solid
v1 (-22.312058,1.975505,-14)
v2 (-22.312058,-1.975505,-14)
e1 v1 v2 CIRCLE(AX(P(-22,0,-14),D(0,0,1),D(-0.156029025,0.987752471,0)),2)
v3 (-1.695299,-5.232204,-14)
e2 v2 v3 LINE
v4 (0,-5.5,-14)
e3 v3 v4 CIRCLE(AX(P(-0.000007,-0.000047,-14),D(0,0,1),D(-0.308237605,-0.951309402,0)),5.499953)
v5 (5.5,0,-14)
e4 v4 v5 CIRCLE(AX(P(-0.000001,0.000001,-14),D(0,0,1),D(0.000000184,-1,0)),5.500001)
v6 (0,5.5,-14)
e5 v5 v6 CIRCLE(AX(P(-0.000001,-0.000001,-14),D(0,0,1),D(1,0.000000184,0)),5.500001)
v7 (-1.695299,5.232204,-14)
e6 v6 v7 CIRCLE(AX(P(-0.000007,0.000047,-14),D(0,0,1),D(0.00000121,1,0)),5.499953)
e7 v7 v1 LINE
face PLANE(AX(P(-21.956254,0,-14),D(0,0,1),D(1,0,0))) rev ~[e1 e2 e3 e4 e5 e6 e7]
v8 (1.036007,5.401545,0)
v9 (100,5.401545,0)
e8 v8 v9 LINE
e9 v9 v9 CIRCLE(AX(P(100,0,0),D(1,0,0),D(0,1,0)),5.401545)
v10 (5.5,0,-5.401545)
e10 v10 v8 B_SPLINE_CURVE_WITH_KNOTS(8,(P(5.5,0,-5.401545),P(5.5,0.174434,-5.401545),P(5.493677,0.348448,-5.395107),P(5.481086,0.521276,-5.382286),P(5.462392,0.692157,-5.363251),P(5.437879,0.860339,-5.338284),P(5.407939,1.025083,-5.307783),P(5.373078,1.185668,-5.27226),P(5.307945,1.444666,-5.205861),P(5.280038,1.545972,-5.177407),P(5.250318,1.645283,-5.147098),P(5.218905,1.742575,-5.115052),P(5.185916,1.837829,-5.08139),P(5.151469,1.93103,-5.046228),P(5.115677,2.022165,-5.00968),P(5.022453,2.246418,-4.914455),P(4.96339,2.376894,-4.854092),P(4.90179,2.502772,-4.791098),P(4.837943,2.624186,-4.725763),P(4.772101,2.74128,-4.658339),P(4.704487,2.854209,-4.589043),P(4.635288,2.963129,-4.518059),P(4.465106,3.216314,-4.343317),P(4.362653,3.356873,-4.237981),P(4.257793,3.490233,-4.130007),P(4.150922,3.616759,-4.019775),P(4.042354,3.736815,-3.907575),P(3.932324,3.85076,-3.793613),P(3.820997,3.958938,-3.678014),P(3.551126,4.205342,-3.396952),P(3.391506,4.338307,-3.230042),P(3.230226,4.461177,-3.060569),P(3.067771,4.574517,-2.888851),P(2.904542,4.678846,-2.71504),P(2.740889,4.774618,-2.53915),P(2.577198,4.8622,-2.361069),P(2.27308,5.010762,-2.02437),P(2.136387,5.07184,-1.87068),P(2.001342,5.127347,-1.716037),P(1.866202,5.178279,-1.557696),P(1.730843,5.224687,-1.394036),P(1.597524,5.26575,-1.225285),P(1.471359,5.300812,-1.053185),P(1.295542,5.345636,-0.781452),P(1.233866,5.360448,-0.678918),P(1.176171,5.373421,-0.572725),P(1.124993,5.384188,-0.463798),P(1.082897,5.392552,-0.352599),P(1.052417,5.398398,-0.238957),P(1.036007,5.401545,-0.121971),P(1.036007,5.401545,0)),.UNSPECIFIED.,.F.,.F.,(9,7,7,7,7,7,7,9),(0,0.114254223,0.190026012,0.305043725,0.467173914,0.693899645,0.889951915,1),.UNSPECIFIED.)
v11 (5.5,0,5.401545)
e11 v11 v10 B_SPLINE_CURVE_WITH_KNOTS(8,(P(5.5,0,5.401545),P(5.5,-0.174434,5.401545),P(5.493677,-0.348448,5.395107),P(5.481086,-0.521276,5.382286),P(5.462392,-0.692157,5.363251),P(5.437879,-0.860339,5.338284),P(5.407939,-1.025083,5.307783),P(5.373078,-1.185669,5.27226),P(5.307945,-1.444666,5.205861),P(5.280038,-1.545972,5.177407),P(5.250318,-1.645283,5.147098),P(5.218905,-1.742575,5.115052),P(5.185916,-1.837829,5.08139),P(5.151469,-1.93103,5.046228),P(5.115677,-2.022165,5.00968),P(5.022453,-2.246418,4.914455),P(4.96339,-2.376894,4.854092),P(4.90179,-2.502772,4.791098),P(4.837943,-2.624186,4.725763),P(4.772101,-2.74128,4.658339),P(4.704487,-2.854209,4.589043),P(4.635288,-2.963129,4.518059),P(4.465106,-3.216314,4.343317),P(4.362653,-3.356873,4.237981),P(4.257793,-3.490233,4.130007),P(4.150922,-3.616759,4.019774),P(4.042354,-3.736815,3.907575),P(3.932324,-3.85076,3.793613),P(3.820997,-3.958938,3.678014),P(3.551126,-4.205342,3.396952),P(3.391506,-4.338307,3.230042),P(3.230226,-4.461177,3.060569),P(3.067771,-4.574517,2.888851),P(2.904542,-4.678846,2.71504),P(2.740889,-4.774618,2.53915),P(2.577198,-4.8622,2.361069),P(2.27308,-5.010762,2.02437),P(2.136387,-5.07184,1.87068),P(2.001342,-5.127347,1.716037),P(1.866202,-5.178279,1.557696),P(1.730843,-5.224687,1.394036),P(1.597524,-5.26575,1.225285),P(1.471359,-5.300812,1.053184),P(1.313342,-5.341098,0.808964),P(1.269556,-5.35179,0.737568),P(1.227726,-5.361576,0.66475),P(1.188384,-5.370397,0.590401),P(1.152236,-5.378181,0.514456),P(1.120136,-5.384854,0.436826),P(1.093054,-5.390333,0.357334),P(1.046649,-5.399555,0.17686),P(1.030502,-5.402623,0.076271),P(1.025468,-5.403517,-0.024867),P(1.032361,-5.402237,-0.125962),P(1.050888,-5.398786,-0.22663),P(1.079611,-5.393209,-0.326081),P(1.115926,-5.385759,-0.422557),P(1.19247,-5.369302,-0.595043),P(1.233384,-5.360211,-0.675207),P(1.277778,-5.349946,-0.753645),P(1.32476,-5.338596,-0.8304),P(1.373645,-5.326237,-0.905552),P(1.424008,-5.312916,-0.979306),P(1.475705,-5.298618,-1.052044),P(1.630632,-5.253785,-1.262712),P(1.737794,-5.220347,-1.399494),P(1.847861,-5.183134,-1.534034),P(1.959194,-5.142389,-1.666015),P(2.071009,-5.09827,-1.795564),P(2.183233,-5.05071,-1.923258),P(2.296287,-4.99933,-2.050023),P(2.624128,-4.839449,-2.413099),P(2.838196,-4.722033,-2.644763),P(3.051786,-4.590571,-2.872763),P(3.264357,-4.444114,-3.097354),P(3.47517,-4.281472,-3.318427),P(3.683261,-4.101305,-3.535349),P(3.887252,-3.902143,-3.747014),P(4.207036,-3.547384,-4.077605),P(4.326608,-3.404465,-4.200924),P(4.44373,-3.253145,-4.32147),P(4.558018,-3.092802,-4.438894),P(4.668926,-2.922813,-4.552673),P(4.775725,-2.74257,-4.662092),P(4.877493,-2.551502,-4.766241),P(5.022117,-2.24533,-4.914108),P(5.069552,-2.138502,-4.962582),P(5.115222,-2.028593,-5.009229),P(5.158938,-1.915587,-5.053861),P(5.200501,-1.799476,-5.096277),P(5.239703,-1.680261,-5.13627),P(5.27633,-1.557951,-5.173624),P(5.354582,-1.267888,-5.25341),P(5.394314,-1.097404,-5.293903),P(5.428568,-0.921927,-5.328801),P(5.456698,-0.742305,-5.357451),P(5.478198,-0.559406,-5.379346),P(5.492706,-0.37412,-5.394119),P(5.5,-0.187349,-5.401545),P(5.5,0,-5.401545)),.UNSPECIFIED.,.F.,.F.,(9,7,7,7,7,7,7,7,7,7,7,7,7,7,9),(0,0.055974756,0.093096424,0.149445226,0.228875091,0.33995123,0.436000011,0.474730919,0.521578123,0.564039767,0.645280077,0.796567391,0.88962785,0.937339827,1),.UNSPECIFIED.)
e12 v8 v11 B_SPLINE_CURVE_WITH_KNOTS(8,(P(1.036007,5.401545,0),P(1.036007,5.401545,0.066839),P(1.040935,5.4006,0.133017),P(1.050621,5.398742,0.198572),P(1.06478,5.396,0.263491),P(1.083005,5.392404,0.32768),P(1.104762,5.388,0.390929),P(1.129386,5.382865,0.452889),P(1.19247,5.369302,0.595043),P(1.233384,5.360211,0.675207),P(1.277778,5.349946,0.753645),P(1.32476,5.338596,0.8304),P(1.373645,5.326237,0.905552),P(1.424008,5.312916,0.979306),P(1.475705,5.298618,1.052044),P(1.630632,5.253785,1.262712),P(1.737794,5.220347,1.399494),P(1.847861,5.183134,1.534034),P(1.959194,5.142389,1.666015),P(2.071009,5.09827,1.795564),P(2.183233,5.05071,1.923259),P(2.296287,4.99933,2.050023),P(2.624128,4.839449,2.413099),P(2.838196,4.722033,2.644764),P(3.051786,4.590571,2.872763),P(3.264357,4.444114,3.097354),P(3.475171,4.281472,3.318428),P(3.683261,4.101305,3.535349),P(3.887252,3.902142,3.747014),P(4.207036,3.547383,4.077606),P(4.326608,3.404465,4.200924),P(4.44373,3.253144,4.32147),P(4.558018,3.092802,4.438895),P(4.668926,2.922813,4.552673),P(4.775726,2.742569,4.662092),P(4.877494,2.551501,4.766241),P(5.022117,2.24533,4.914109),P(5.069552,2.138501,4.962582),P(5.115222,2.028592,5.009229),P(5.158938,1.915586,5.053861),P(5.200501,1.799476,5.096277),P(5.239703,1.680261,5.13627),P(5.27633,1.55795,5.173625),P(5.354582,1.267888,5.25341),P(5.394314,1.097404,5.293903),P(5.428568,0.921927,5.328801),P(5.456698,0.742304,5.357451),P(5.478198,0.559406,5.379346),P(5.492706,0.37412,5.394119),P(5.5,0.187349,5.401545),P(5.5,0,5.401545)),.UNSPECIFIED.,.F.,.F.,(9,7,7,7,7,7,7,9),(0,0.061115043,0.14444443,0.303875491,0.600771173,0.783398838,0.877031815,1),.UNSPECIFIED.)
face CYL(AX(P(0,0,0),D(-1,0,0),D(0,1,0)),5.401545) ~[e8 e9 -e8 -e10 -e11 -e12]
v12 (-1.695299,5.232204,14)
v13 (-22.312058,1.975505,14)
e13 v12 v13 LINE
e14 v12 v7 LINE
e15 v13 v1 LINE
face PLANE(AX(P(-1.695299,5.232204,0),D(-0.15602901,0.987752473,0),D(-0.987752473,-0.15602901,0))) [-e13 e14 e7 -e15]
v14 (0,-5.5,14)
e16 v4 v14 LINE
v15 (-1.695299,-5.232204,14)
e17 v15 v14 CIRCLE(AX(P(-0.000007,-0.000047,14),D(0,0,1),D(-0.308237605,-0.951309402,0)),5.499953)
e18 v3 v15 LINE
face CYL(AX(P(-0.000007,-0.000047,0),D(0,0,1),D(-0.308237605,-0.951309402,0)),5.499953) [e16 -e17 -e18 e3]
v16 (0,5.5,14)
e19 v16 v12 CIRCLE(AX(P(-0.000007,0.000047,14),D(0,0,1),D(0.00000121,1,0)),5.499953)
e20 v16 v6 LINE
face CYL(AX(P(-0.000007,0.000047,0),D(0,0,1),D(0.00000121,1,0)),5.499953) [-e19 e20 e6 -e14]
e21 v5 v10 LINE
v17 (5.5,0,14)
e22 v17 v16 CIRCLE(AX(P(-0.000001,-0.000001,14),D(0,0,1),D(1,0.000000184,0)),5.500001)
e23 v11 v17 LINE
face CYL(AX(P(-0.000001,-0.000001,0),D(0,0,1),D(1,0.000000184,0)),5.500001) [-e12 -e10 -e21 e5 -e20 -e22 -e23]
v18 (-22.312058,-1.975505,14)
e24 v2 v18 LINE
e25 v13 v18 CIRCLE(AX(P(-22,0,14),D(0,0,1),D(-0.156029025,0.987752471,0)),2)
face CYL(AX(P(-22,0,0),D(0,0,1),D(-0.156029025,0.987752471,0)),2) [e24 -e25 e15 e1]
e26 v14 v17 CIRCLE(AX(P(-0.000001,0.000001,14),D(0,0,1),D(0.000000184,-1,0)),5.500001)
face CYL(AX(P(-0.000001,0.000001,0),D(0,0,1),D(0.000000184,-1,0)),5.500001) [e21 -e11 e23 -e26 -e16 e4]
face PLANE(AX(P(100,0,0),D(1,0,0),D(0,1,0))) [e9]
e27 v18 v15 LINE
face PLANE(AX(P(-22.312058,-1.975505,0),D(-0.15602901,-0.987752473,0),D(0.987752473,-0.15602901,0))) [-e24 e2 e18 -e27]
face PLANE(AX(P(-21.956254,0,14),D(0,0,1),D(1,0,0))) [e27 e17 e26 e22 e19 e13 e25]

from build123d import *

# Parameters (mm, degrees)
F1_DEPTH      = 14
F1_DEPTH_BACK = 14
F2_R          = 5.401545
F3_DEPTH      = 100


with BuildPart() as f1:
    # F0 (on Top) → F1 (new body, two sides)
    with BuildSketch(Plane.XY) as f1_sk:
        with BuildLine():
            ThreePointArc((-22.312058, -1.975505), (-20.700792, -1.520545), (-20, 0))
            ThreePointArc((-20, 0), (-20.700792, 1.520545), (-22.312058, 1.975505))
            ThreePointArc((-22.312058, 1.975505), (-24, 0), (-22.312058, -1.975505))
        make_face()
        with BuildLine():
            ThreePointArc((-22.312058, 1.975505), (-20.700792, 1.520545), (-20, 0))
            ThreePointArc((-20, 0), (-20.700792, -1.520545), (-22.312058, -1.975505))
            Line((-22.312058, -1.975505), (-1.695299, -5.232204))
            ThreePointArc((-1.695299, -5.232204), (-5.5, 0), (-1.695299, 5.232204))
            Line((-1.695299, 5.232204), (-22.312058, 1.975505))
        make_face()
        with BuildLine():
            Line((0, 5.5), (-1.695299, 5.232204))
            ThreePointArc((-1.695299, 5.232204), (-5.5, 0), (-1.695299, -5.232204))
            Line((-1.695299, -5.232204), (0, -5.5))
            ThreePointArc((0, -5.5), (3.889087, -3.889087), (5.5, 0))
            ThreePointArc((5.5, 0), (3.889087, 3.889087), (0, 5.5))
        make_face()
        with BuildLine():
            ThreePointArc((0, 5.5), (-0.85816, 5.432639), (-1.695299, 5.232204))
            Line((-1.695299, 5.232204), (0, 5.5))
        make_face()
        with BuildLine():
            Line((0, -5.5), (-1.695299, -5.232204))
            ThreePointArc((-1.695299, -5.232204), (-0.85816, -5.432639), (0, -5.5))
        make_face()
    extrude(amount=F1_DEPTH)
    extrude(f1_sk.sketch, amount=-F1_DEPTH_BACK)

    # F2 (on Right) → F3 (join)
    with BuildSketch(Plane.YZ):
        Circle(F2_R)
    extrude(amount=F3_DEPTH)


solid = f1.part
